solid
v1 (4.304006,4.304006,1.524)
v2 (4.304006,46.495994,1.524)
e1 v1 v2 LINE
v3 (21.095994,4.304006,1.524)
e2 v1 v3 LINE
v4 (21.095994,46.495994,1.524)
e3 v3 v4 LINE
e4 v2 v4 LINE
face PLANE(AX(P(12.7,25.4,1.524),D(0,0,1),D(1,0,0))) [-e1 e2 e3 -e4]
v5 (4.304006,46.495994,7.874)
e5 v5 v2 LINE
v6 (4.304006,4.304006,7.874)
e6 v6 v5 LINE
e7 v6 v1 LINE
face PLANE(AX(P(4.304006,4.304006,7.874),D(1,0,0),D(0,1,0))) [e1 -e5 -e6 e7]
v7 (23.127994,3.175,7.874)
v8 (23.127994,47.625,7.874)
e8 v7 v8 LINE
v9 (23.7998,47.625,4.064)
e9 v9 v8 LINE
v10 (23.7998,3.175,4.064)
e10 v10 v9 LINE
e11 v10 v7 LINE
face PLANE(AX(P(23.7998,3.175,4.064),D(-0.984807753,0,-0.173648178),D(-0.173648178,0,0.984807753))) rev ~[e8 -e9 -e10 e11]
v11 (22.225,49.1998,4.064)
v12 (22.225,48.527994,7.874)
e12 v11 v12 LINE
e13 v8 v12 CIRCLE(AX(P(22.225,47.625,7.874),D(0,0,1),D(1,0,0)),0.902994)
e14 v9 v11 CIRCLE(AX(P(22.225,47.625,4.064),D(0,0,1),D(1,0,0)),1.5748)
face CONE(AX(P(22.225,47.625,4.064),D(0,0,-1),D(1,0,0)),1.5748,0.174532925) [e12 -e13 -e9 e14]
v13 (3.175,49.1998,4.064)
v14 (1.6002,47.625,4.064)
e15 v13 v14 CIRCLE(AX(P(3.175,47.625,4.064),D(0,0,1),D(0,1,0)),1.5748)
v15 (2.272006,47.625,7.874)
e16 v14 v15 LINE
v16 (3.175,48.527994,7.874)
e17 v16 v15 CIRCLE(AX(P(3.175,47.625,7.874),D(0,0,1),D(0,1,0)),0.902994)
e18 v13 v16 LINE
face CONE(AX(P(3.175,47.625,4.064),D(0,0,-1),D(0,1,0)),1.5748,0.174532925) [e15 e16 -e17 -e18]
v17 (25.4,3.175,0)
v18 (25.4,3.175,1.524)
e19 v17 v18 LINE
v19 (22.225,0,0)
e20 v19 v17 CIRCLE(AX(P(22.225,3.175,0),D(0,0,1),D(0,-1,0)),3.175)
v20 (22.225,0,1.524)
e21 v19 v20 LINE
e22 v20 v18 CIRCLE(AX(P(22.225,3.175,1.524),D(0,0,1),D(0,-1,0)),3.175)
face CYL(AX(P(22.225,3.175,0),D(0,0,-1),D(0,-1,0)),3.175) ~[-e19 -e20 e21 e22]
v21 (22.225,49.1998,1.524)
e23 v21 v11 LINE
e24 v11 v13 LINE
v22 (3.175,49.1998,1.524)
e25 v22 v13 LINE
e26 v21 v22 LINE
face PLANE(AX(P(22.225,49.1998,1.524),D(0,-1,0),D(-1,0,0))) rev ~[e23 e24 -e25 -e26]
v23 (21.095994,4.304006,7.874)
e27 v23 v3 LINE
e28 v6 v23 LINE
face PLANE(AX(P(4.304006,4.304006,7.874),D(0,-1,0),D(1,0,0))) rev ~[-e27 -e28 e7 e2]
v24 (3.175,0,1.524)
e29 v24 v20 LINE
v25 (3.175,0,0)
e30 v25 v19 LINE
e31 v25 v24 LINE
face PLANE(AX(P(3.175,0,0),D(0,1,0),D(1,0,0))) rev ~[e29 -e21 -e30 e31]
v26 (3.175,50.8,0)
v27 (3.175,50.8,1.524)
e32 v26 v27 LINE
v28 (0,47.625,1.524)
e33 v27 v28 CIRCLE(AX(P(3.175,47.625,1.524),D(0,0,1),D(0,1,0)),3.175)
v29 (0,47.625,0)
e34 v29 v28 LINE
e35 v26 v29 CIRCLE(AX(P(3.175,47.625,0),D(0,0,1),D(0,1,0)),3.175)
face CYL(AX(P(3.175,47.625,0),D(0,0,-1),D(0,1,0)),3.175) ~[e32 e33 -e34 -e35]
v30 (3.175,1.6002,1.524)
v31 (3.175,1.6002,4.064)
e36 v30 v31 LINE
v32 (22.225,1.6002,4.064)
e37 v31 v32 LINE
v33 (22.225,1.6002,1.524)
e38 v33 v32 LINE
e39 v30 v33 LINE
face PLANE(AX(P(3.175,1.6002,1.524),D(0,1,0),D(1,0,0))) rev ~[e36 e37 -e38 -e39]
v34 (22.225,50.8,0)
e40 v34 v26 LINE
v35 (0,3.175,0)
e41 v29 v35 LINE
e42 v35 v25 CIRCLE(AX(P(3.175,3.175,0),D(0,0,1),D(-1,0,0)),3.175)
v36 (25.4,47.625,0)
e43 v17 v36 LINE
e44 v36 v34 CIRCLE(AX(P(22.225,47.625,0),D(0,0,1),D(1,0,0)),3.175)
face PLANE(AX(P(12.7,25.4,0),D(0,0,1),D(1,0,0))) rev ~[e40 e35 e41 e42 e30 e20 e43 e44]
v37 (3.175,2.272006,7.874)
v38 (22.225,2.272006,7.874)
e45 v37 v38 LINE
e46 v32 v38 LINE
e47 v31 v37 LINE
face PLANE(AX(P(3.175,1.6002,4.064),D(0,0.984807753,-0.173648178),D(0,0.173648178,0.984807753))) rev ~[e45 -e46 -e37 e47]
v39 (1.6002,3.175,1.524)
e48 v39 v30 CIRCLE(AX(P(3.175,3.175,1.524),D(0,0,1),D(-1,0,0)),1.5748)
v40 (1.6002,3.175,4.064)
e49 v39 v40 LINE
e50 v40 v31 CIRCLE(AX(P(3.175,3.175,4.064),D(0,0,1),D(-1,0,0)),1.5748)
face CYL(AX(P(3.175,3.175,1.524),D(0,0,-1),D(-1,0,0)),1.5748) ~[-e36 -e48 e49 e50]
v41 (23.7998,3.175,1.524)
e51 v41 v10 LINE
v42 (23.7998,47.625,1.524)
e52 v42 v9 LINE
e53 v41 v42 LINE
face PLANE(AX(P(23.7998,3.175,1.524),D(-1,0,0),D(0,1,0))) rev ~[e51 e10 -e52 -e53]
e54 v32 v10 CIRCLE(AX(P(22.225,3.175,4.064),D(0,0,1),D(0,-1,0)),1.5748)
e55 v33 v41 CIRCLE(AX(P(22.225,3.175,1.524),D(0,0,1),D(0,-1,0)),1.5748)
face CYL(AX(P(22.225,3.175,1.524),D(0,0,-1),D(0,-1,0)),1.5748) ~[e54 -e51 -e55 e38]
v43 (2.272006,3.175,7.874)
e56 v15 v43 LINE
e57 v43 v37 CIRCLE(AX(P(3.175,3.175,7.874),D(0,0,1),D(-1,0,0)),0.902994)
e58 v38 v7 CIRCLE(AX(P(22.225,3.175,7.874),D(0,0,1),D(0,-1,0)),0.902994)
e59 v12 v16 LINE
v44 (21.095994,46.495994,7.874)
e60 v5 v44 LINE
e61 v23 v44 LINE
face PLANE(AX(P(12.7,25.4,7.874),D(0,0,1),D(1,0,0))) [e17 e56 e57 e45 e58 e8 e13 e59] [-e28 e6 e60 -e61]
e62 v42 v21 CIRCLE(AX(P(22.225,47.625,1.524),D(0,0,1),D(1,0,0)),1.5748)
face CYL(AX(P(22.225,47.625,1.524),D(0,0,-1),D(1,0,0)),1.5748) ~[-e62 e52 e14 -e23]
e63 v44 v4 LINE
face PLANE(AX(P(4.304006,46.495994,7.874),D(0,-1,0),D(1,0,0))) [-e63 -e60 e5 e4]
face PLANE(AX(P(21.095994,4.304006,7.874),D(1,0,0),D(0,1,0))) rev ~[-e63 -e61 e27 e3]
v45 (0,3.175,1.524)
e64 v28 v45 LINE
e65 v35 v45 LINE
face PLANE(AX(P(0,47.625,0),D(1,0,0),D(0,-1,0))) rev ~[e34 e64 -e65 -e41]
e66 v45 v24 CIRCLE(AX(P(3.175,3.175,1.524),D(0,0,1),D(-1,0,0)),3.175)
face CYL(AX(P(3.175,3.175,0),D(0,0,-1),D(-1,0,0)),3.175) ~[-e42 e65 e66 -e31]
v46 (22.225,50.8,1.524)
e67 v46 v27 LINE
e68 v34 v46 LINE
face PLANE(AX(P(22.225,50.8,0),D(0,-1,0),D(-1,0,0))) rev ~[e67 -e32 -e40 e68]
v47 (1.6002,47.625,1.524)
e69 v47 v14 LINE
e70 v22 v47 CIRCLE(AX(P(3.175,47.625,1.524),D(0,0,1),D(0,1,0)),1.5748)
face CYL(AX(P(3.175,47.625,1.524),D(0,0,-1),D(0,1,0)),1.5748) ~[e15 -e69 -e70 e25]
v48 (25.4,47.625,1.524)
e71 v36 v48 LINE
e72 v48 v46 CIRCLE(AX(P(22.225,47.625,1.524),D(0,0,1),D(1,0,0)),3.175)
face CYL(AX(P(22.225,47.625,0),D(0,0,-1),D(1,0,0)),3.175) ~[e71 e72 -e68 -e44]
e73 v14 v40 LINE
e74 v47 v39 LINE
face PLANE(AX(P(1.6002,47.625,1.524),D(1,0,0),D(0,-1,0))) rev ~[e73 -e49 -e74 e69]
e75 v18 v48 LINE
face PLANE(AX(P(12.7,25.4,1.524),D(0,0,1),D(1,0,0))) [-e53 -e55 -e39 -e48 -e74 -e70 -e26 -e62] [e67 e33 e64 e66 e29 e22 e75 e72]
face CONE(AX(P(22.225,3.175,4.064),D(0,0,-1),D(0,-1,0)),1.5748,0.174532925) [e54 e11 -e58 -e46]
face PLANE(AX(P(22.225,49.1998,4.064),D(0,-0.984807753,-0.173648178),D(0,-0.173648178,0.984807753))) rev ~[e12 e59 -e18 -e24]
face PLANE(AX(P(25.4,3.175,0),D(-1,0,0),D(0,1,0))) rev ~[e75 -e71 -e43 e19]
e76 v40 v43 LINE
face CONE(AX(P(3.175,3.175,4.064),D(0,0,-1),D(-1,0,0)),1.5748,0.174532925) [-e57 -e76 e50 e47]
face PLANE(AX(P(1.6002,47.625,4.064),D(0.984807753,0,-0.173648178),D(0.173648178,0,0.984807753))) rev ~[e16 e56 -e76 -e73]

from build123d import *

# Parameters (mm, degrees)
F1_DEPTH = 1.524
F3_DEPTH = 2.54
F4_DEPTH = 3.81
F4_TAPER = 10
F5_W     = 16.791988407
F5_H     = 42.191988407
F6_DEPTH = 6.35


with BuildPart() as f1:
    # F0 (on Top) → F1 (new body)
    with BuildSketch(Plane.XY):
        with BuildLine():
            ThreePointArc((0, 3.175), (0.9299359697, 0.9299359697), (3.175, 0))
            Line((3.175, 0), (22.225, 0))
            ThreePointArc((22.225, 0), (24.4700640303, 0.9299359697), (25.4, 3.175))
            Line((25.4, 3.175), (25.4, 47.625))
            ThreePointArc((25.4, 47.625), (24.4700640303, 49.8700640303), (22.225, 50.8))
            Line((22.225, 50.8), (3.175, 50.8))
            ThreePointArc((3.175, 50.8), (0.9299359697, 49.8700640303), (0, 47.625))
            Line((0, 47.625), (0, 3.175))
        make_face()
    extrude(amount=F1_DEPTH)

    # F2 (on face) → F3 (join)
    with BuildSketch(Plane.XY.offset(1.524)):
        with BuildLine():
            Line((23.7998, 3.175), (23.7998, 47.625))
            ThreePointArc((23.7998, 47.625), (23.338551759, 48.738551759), (22.225, 49.1998))
            Line((22.225, 49.1998), (3.175, 49.1998))
            ThreePointArc((3.175, 49.1998), (2.061448241, 48.738551759), (1.6002, 47.625))
            Line((1.6002, 47.625), (1.6002, 3.175))
            ThreePointArc((1.6002, 3.175), (2.061448241, 2.061448241), (3.175, 1.6002))
            Line((3.175, 1.6002), (22.225, 1.6002))
            ThreePointArc((22.225, 1.6002), (23.338551759, 2.061448241), (23.7998, 3.175))
        make_face()
    extrude(amount=F3_DEPTH)

    # F3_face (on face) → F4 (join)
    with BuildSketch(Plane(origin=(12.7, 25.4, 4.064), x_dir=(1, 0, 0), z_dir=(0, 0, 1))):
        with BuildLine():
            ThreePointArc((9.525, -23.7998), (10.638551759, -23.338551759), (11.0998, -22.225))
            Line((11.0998, -22.225), (11.0998, 22.225))
            ThreePointArc((11.0998, 22.225), (10.638551759, 23.338551759), (9.525, 23.7998))
            Line((9.525, 23.7998), (-9.525, 23.7998))
            ThreePointArc((-9.525, 23.7998), (-10.638551759, 23.338551759), (-11.0998, 22.225))
            Line((-11.0998, 22.225), (-11.0998, -22.225))
            ThreePointArc((-11.0998, -22.225), (-10.638551759, -23.338551759), (-9.525, -23.7998))
            Line((-9.525, -23.7998), (9.525, -23.7998))
        make_face()
    extrude(amount=F4_DEPTH, taper=F4_TAPER)

    # F5 (on face) → F6 (cut)
    with BuildSketch(Plane.XY.offset(7.874)):
        with Locations((12.7, 25.4)):
            Rectangle(F5_W, F5_H)
    extrude(amount=-F6_DEPTH, mode=Mode.SUBTRACT)


solid = f1.part
